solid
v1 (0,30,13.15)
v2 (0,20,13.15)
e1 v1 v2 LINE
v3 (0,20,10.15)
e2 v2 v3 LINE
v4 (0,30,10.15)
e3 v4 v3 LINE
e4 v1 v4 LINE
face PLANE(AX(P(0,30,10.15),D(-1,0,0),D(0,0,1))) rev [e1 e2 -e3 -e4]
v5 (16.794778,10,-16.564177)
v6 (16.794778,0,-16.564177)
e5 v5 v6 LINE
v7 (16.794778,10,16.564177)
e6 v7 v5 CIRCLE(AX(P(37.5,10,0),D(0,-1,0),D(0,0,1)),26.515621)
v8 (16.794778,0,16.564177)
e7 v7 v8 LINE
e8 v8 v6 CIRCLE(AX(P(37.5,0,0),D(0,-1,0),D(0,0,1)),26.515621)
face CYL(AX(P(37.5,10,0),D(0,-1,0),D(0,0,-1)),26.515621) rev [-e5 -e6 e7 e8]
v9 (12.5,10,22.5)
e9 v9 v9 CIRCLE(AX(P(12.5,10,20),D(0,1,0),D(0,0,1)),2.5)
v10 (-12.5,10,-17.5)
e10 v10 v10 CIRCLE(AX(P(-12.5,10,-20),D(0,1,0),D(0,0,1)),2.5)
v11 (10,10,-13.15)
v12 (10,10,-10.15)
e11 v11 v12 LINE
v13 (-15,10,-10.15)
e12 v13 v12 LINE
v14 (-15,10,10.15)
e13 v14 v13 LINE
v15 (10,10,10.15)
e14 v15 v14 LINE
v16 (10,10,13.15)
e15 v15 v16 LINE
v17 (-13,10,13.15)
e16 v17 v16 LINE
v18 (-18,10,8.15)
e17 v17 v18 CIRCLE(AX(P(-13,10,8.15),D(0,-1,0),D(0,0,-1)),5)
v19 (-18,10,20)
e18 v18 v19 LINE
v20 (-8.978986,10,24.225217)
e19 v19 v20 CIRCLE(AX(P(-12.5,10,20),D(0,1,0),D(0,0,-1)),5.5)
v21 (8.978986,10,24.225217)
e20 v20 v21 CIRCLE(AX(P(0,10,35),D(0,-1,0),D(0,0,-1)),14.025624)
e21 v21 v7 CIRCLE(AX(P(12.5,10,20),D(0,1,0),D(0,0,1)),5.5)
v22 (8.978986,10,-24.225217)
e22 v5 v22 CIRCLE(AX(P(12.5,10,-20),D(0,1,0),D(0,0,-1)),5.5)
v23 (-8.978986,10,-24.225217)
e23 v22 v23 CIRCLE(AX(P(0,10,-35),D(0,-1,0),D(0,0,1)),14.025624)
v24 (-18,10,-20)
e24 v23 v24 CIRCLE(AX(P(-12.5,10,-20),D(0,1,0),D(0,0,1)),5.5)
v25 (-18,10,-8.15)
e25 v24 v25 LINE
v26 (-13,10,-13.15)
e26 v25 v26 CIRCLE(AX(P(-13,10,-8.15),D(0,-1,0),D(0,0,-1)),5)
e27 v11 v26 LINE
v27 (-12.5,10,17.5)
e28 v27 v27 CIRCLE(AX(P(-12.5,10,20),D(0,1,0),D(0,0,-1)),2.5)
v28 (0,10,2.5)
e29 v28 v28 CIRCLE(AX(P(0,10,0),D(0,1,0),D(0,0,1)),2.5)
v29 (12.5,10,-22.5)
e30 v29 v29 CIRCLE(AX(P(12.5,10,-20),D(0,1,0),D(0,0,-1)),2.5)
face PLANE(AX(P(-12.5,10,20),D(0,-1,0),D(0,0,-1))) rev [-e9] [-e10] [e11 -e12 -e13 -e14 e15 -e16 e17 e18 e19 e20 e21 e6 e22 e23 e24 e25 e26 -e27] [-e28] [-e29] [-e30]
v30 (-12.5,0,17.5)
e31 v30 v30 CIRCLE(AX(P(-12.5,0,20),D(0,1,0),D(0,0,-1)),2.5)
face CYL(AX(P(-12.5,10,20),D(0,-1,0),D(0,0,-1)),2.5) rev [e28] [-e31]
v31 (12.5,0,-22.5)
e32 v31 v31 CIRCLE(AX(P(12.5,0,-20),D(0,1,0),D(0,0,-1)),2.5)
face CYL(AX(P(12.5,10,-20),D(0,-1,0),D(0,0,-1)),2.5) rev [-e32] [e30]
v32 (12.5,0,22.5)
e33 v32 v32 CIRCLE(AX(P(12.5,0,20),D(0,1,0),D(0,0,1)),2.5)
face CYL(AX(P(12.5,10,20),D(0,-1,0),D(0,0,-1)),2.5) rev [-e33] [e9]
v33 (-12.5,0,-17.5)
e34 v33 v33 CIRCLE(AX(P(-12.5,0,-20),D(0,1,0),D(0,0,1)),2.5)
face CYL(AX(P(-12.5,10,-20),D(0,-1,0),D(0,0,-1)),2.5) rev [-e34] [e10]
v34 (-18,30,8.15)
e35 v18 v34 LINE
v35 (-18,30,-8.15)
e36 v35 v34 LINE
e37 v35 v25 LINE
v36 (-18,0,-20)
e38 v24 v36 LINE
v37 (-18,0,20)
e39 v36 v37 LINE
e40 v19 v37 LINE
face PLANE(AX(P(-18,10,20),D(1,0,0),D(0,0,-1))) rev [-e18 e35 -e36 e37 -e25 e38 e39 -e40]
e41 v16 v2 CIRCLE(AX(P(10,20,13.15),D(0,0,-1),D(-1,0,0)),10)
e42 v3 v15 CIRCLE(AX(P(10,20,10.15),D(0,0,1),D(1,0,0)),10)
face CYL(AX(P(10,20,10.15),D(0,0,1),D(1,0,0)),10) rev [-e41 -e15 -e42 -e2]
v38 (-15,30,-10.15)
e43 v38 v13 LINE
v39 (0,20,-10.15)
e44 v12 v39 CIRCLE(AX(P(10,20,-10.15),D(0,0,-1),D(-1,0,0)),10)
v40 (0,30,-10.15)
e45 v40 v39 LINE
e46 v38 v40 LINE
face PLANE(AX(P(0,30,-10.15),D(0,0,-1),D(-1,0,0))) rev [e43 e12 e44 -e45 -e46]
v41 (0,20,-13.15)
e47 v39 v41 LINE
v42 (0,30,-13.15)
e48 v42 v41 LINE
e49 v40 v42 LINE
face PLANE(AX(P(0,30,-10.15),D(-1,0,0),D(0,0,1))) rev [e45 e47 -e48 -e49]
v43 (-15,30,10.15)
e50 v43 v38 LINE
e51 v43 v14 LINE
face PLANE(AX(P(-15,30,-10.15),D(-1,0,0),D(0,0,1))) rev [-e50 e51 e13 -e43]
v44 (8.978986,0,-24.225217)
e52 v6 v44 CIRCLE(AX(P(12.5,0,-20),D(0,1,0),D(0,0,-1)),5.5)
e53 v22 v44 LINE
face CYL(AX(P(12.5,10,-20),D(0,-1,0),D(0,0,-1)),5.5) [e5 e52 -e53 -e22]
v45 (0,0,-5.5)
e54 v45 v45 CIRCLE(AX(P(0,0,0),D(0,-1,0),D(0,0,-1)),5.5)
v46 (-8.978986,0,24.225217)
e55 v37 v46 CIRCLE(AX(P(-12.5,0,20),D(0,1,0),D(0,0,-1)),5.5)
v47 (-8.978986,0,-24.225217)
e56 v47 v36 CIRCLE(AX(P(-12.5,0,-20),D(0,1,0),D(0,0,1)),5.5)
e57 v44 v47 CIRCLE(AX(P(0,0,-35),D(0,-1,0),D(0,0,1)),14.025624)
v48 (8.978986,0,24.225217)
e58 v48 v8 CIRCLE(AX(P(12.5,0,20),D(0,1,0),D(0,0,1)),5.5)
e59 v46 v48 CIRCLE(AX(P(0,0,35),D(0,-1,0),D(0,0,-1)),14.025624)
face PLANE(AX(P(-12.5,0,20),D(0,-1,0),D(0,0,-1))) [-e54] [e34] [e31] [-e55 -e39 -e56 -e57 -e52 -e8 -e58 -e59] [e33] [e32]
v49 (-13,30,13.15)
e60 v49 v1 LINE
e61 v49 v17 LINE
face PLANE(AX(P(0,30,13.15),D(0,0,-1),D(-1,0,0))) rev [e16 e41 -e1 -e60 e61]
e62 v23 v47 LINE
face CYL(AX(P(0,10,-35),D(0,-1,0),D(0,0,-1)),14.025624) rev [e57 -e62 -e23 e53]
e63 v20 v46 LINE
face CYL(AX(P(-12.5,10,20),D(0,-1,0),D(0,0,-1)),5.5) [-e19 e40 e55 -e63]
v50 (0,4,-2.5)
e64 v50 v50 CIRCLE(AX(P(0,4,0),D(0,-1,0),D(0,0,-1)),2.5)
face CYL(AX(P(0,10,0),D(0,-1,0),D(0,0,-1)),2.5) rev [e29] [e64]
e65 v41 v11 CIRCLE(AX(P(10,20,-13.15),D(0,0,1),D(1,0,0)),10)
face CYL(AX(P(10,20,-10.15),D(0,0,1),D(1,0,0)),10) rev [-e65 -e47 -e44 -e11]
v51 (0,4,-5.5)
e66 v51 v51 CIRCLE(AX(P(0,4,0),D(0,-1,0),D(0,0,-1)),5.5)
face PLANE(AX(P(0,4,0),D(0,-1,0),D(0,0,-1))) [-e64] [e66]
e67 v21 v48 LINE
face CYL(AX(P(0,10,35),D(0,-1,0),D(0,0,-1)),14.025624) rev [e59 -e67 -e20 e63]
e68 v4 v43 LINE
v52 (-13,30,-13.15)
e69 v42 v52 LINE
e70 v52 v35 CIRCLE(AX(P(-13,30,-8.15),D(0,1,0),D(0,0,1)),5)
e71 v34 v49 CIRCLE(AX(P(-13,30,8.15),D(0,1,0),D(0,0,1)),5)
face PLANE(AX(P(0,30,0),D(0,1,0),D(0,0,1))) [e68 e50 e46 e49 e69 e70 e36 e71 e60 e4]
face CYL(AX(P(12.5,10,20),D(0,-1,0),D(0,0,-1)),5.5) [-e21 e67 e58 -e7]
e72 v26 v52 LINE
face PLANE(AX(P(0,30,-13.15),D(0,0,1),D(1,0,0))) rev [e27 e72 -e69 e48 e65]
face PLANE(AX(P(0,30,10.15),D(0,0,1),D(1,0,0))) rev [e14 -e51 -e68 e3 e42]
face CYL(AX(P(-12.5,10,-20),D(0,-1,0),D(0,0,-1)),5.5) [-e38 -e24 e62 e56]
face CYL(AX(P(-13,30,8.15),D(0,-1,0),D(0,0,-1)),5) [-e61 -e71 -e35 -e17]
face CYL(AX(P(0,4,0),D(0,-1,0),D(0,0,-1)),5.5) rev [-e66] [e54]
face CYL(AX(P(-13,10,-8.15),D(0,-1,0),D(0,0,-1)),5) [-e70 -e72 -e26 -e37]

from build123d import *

# Parameters (mm, degrees)
SKETCH1_R           = 2.5
BOSS_EXTRUDE1_DEPTH = 10
SKETCH3_R           = 5.5
CUT_EXTRUDE1_DEPTH  = 4
BOSS_EXTRUDE2_DEPTH = 20
FILLET1_R           = 10
FILLET2_R           = 5


with BuildPart() as part:
    # Sketch1 → Boss-Extrude1 (new body)
    with BuildSketch(Plane(origin=(0, 0, 0), x_dir=(1, 0, 0), z_dir=(0, 1, 0))):
        with BuildLine():
            Line((-18, -20), (-18, 20))
            ThreePointArc((-18, 20), (-14.832854679, 24.980741817), (-8.978985802, 24.225217038))
            ThreePointArc((-8.978985802, 24.225217038), (0, 20.97437581), (8.978985802, 24.225217038))
            ThreePointArc((8.978985802, 24.225217038), (16.350007855, 23.927777936), (16.794778452, 16.564177238))
            ThreePointArc((16.794778452, 16.564177238), (10.984378813, 0), (16.794778452, -16.564177238))
            ThreePointArc((16.794778452, -16.564177238), (16.350007855, -23.927777936), (8.978985802, -24.225217038))
            ThreePointArc((8.978985802, -24.225217038), (0, -20.97437581), (-8.978985802, -24.225217038))
            ThreePointArc((-8.978985802, -24.225217038), (-14.832854679, -24.980741817), (-18, -20))
        make_face()
        with Locations(Location((-12.5, 20, 0), (0, 0, 270))):
            Circle(SKETCH1_R, mode=Mode.SUBTRACT)
        with Locations(Location((12.5, 20, 0), (0, 0, 90))):
            Circle(SKETCH1_R, mode=Mode.SUBTRACT)
        with Locations(Location((12.5, -20, 0), (0, 0, 270))):
            Circle(SKETCH1_R, mode=Mode.SUBTRACT)
        with Locations(Location((-12.5, -20, 0), (0, 0, 90))):
            Circle(SKETCH1_R, mode=Mode.SUBTRACT)
        with Locations(Location((0, 0, 0), (0, 0, 270))):
            Circle(SKETCH1_R, mode=Mode.SUBTRACT)
    extrude(amount=BOSS_EXTRUDE1_DEPTH)

    # Sketch3 → Cut-Extrude1 (cut)
    with BuildSketch(Plane.XZ):
        with Locations(Location((0, 0, 0), (0, 0, 270))):
            Circle(SKETCH3_R)
    extrude(amount=-CUT_EXTRUDE1_DEPTH, mode=Mode.SUBTRACT)

    # Sketch4 → Boss-Extrude2 (add)
    with BuildSketch(Plane(origin=(0, 10, 0), x_dir=(1, 0, 0), z_dir=(0, 1, 0))):
        Polygon((0, 10.15), (-15, 10.15), (-15, 0), (-15, -10.15), (0, -10.15), (0, -13.15), (-18, -13.15), (-18, 0), (-18, 13.15), (0, 13.15), align=None)
    extrude(amount=BOSS_EXTRUDE2_DEPTH)

    # Fillet1
    fillet1_edges = [part.edges().sort_by_distance(p)[0] for p in [
        (0, 10, -11.65),
        (0, 10, 11.65),
    ]]
    fillet(fillet1_edges, radius=FILLET1_R)

    # Fillet2
    fillet2_edges = [part.edges().sort_by_distance(p)[0] for p in [
        (-18, 20, -13.15),
        (-18, 20, 13.15),
    ]]
    fillet(fillet2_edges, radius=FILLET2_R)


solid = part.part
